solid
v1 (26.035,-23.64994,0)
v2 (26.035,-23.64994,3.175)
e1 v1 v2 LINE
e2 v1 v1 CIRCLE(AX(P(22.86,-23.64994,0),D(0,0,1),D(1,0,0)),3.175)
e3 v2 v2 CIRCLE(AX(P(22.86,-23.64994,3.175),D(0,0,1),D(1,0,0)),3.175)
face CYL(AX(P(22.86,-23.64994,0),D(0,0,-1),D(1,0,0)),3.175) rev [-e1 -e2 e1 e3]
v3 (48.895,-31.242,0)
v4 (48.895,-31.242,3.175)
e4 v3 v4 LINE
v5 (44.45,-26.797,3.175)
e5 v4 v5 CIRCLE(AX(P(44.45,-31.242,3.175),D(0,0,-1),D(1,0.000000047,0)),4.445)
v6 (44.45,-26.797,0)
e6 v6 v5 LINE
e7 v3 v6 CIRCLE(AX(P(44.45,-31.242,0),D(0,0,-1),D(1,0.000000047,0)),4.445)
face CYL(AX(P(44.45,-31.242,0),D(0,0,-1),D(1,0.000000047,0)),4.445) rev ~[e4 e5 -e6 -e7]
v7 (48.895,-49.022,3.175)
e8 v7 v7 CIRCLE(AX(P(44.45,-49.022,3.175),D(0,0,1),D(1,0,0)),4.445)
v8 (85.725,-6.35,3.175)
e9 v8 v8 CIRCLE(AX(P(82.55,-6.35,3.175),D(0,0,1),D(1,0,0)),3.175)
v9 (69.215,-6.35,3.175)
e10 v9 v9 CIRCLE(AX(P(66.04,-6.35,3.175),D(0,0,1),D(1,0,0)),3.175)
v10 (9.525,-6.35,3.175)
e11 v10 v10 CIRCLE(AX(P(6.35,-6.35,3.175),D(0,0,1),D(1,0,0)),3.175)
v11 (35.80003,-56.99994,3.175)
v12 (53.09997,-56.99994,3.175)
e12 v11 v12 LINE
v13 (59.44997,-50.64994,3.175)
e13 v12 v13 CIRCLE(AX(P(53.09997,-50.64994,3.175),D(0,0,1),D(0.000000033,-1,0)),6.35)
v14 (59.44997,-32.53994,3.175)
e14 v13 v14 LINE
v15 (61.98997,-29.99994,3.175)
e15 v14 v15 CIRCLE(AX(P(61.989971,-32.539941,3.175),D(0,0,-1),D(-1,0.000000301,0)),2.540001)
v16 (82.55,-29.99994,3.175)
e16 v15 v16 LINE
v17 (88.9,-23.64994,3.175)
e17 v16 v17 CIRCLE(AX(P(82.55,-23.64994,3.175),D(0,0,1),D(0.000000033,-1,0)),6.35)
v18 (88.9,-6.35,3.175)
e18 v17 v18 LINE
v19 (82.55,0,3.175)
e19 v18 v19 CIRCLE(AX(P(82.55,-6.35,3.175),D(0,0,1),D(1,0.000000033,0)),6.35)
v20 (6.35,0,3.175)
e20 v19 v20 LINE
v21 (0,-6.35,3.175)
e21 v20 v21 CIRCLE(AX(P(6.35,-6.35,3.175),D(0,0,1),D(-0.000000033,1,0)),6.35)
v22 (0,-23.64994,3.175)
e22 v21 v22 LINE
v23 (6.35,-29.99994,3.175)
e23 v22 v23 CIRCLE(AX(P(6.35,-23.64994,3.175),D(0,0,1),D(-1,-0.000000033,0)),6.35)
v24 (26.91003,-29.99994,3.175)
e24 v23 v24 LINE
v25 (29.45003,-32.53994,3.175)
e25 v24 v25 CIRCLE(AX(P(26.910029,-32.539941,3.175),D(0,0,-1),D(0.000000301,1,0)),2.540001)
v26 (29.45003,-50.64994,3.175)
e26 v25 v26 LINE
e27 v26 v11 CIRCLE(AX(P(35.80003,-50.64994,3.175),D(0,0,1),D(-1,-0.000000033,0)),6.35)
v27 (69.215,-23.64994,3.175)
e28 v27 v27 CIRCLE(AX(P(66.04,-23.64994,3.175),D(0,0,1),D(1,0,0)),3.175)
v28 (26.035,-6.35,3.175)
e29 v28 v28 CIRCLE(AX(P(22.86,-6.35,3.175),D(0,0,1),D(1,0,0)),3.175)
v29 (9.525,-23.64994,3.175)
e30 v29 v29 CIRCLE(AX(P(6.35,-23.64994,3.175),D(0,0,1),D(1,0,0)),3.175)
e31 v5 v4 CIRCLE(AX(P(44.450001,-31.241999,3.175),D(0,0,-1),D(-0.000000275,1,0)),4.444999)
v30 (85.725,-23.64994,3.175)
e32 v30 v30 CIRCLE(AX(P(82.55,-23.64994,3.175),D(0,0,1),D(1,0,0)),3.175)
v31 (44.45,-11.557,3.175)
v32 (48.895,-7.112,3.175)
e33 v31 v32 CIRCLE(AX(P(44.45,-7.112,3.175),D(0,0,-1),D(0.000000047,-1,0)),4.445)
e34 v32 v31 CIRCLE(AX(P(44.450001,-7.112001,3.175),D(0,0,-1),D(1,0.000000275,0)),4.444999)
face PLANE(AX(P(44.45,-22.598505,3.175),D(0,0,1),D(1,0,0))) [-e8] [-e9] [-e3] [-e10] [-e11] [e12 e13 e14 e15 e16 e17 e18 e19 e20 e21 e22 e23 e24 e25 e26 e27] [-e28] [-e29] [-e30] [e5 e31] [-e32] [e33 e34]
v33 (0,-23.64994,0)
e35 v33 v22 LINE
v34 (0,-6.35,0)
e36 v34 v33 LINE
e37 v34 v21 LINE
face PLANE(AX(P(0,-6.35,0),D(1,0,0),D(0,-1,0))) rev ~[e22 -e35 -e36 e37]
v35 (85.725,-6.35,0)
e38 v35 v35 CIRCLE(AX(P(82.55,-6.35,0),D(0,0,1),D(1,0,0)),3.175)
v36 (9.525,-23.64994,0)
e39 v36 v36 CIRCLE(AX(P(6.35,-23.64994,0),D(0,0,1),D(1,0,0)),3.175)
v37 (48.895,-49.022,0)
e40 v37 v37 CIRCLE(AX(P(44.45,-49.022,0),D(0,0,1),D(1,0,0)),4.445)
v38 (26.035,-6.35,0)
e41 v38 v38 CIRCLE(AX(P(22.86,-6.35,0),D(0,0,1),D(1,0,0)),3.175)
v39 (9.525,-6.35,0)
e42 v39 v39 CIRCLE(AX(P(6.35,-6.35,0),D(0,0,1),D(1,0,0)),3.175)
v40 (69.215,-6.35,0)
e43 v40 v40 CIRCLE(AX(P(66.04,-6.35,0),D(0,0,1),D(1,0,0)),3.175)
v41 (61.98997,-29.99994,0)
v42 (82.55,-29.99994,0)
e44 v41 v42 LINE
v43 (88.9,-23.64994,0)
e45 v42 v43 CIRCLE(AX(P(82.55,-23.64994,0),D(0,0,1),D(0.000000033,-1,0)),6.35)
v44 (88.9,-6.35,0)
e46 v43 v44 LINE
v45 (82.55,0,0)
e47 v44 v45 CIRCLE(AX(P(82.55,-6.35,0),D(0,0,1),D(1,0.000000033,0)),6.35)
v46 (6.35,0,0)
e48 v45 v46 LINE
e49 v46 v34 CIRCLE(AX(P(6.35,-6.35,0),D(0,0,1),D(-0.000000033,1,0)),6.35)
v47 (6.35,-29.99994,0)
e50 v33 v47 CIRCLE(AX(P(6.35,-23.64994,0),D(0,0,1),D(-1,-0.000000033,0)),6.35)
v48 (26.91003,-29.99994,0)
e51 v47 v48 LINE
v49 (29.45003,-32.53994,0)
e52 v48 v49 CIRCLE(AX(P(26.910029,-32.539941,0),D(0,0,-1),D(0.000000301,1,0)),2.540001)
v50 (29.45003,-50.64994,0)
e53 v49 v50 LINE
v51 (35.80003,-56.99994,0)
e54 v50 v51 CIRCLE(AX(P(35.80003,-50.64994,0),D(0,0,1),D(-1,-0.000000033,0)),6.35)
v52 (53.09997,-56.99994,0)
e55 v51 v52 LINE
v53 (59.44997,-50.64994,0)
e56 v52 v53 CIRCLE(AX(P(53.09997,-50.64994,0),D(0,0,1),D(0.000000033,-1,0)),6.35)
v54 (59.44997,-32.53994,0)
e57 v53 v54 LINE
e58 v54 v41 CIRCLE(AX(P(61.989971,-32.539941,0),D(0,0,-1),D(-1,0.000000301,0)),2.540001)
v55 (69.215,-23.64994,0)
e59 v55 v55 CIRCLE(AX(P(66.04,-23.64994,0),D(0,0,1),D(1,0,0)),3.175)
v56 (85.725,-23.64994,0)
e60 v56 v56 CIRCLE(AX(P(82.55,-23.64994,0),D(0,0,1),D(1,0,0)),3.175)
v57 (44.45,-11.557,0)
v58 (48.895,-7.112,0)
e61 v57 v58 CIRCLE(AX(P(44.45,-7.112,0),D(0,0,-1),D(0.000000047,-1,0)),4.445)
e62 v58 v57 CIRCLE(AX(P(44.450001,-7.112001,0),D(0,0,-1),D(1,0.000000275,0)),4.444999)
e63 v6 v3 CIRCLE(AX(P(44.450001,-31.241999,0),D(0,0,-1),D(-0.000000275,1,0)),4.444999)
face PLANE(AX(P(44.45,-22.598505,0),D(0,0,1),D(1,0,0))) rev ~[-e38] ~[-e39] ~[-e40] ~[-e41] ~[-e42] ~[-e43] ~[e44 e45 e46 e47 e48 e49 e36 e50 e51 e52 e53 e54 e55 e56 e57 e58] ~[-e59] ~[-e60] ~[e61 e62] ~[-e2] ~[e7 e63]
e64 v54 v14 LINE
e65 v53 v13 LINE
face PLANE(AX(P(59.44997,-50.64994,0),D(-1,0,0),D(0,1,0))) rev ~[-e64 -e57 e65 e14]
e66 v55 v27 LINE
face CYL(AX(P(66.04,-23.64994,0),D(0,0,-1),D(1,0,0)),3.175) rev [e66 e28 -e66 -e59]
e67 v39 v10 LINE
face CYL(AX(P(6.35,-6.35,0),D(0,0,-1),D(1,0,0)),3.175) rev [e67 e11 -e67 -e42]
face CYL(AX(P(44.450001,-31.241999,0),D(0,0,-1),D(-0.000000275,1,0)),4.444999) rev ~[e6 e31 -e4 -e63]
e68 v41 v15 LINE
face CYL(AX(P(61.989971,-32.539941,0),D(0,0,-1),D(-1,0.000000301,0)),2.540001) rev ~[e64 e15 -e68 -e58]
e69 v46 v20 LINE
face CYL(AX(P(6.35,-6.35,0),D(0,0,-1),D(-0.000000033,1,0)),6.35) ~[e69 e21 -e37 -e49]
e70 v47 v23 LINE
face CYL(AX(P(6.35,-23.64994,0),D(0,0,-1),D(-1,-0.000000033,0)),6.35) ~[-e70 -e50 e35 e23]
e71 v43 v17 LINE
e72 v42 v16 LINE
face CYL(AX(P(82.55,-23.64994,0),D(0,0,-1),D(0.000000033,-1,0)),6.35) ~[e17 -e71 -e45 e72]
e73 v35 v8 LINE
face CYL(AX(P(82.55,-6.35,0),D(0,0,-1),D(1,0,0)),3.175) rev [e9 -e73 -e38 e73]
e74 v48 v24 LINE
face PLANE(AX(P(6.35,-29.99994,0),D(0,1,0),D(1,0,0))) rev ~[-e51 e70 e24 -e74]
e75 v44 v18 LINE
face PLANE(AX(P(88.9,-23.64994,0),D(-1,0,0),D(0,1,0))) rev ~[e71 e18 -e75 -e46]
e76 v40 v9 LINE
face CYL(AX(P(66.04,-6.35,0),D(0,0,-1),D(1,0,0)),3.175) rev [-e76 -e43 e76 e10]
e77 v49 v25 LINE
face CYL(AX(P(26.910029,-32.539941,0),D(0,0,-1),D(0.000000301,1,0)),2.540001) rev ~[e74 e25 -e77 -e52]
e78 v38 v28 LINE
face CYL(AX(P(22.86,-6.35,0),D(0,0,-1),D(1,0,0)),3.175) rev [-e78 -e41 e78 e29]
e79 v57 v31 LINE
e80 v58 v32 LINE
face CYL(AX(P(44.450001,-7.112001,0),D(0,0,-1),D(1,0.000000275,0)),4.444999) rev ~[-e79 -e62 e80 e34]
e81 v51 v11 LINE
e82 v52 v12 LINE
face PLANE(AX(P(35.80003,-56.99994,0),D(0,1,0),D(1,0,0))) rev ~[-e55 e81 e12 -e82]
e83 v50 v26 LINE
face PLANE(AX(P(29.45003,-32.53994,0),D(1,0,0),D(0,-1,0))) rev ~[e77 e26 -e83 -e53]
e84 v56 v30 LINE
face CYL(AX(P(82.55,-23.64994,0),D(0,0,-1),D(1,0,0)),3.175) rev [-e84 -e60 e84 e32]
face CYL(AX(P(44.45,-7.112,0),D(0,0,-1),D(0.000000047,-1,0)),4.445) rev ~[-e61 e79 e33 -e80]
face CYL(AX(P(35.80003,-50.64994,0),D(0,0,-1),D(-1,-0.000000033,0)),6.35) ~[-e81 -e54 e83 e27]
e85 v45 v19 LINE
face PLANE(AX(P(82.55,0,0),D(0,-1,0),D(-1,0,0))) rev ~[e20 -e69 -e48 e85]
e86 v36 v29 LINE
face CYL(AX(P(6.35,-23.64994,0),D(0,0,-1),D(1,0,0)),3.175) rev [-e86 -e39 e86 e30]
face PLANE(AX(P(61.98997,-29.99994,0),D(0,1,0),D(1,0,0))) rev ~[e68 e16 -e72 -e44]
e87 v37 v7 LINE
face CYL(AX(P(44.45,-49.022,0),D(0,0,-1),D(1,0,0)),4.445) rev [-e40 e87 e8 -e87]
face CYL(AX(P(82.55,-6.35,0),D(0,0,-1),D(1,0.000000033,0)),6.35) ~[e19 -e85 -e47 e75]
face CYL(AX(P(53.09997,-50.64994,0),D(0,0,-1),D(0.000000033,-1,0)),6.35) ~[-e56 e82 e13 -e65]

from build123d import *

# Parameters (mm, degrees)
F0_R     = 4.445
F0_R_2   = 3.175
F1_DEPTH = 3.175


with BuildPart() as f1:
    # F0 (on Top) → F1 (new body)
    with BuildSketch(Plane.XY):
        with BuildLine():
            Line((82.55, 0), (6.35, 0))
            ThreePointArc((6.35, 0), (1.859872, -1.859872), (0, -6.35))
            Line((0, -6.35), (0, -23.64994))
            ThreePointArc((0, -23.64994), (1.859872, -28.140068), (6.35, -29.99994))
            Line((6.35, -29.99994), (26.91003, -29.99994))
            ThreePointArc((26.91003, -29.99994), (28.706081, -30.743889), (29.45003, -32.53994))
            Line((29.45003, -32.53994), (29.45003, -50.64994))
            ThreePointArc((29.45003, -50.64994), (31.309902, -55.140068), (35.80003, -56.99994))
            Line((35.80003, -56.99994), (53.09997, -56.99994))
            ThreePointArc((53.09997, -56.99994), (57.590098, -55.140068), (59.44997, -50.64994))
            Line((59.44997, -50.64994), (59.44997, -32.53994))
            ThreePointArc((59.44997, -32.53994), (60.193919, -30.743889), (61.98997, -29.99994))
            Line((61.98997, -29.99994), (82.55, -29.99994))
            ThreePointArc((82.55, -29.99994), (87.040128, -28.140068), (88.9, -23.64994))
            Line((88.9, -23.64994), (88.9, -6.35))
            ThreePointArc((88.9, -6.35), (87.040128, -1.859872), (82.55, 0))
        make_face()
        with Locations((44.45, -49.022)):
            Circle(F0_R, mode=Mode.SUBTRACT)
        with BuildLine():
            ThreePointArc((44.45, -26.797), (47.59309, -28.09891), (48.895, -31.242))
            ThreePointArc((48.895, -31.242), (41.30691, -34.38509), (44.45, -26.797))
        make_face(mode=Mode.SUBTRACT)
        with Locations((6.35, -23.64994)):
            Circle(F0_R_2, mode=Mode.SUBTRACT)
        with Locations((22.86, -23.64994)):
            Circle(F0_R_2, mode=Mode.SUBTRACT)
        with Locations((6.35, -6.35)):
            Circle(F0_R_2, mode=Mode.SUBTRACT)
        with Locations((22.86, -6.35)):
            Circle(F0_R_2, mode=Mode.SUBTRACT)
        with Locations((66.04, -23.64994)):
            Circle(F0_R_2, mode=Mode.SUBTRACT)
        with Locations((82.55, -23.64994)):
            Circle(F0_R_2, mode=Mode.SUBTRACT)
        with BuildLine():
            ThreePointArc((48.895, -7.112), (47.59309, -10.25509), (44.45, -11.557))
            ThreePointArc((44.45, -11.557), (41.30691, -3.96891), (48.895, -7.112))
        make_face(mode=Mode.SUBTRACT)
        with Locations((66.04, -6.35)):
            Circle(F0_R_2, mode=Mode.SUBTRACT)
        with Locations((82.55, -6.35)):
            Circle(F0_R_2, mode=Mode.SUBTRACT)
    extrude(amount=F1_DEPTH)


solid = f1.part
